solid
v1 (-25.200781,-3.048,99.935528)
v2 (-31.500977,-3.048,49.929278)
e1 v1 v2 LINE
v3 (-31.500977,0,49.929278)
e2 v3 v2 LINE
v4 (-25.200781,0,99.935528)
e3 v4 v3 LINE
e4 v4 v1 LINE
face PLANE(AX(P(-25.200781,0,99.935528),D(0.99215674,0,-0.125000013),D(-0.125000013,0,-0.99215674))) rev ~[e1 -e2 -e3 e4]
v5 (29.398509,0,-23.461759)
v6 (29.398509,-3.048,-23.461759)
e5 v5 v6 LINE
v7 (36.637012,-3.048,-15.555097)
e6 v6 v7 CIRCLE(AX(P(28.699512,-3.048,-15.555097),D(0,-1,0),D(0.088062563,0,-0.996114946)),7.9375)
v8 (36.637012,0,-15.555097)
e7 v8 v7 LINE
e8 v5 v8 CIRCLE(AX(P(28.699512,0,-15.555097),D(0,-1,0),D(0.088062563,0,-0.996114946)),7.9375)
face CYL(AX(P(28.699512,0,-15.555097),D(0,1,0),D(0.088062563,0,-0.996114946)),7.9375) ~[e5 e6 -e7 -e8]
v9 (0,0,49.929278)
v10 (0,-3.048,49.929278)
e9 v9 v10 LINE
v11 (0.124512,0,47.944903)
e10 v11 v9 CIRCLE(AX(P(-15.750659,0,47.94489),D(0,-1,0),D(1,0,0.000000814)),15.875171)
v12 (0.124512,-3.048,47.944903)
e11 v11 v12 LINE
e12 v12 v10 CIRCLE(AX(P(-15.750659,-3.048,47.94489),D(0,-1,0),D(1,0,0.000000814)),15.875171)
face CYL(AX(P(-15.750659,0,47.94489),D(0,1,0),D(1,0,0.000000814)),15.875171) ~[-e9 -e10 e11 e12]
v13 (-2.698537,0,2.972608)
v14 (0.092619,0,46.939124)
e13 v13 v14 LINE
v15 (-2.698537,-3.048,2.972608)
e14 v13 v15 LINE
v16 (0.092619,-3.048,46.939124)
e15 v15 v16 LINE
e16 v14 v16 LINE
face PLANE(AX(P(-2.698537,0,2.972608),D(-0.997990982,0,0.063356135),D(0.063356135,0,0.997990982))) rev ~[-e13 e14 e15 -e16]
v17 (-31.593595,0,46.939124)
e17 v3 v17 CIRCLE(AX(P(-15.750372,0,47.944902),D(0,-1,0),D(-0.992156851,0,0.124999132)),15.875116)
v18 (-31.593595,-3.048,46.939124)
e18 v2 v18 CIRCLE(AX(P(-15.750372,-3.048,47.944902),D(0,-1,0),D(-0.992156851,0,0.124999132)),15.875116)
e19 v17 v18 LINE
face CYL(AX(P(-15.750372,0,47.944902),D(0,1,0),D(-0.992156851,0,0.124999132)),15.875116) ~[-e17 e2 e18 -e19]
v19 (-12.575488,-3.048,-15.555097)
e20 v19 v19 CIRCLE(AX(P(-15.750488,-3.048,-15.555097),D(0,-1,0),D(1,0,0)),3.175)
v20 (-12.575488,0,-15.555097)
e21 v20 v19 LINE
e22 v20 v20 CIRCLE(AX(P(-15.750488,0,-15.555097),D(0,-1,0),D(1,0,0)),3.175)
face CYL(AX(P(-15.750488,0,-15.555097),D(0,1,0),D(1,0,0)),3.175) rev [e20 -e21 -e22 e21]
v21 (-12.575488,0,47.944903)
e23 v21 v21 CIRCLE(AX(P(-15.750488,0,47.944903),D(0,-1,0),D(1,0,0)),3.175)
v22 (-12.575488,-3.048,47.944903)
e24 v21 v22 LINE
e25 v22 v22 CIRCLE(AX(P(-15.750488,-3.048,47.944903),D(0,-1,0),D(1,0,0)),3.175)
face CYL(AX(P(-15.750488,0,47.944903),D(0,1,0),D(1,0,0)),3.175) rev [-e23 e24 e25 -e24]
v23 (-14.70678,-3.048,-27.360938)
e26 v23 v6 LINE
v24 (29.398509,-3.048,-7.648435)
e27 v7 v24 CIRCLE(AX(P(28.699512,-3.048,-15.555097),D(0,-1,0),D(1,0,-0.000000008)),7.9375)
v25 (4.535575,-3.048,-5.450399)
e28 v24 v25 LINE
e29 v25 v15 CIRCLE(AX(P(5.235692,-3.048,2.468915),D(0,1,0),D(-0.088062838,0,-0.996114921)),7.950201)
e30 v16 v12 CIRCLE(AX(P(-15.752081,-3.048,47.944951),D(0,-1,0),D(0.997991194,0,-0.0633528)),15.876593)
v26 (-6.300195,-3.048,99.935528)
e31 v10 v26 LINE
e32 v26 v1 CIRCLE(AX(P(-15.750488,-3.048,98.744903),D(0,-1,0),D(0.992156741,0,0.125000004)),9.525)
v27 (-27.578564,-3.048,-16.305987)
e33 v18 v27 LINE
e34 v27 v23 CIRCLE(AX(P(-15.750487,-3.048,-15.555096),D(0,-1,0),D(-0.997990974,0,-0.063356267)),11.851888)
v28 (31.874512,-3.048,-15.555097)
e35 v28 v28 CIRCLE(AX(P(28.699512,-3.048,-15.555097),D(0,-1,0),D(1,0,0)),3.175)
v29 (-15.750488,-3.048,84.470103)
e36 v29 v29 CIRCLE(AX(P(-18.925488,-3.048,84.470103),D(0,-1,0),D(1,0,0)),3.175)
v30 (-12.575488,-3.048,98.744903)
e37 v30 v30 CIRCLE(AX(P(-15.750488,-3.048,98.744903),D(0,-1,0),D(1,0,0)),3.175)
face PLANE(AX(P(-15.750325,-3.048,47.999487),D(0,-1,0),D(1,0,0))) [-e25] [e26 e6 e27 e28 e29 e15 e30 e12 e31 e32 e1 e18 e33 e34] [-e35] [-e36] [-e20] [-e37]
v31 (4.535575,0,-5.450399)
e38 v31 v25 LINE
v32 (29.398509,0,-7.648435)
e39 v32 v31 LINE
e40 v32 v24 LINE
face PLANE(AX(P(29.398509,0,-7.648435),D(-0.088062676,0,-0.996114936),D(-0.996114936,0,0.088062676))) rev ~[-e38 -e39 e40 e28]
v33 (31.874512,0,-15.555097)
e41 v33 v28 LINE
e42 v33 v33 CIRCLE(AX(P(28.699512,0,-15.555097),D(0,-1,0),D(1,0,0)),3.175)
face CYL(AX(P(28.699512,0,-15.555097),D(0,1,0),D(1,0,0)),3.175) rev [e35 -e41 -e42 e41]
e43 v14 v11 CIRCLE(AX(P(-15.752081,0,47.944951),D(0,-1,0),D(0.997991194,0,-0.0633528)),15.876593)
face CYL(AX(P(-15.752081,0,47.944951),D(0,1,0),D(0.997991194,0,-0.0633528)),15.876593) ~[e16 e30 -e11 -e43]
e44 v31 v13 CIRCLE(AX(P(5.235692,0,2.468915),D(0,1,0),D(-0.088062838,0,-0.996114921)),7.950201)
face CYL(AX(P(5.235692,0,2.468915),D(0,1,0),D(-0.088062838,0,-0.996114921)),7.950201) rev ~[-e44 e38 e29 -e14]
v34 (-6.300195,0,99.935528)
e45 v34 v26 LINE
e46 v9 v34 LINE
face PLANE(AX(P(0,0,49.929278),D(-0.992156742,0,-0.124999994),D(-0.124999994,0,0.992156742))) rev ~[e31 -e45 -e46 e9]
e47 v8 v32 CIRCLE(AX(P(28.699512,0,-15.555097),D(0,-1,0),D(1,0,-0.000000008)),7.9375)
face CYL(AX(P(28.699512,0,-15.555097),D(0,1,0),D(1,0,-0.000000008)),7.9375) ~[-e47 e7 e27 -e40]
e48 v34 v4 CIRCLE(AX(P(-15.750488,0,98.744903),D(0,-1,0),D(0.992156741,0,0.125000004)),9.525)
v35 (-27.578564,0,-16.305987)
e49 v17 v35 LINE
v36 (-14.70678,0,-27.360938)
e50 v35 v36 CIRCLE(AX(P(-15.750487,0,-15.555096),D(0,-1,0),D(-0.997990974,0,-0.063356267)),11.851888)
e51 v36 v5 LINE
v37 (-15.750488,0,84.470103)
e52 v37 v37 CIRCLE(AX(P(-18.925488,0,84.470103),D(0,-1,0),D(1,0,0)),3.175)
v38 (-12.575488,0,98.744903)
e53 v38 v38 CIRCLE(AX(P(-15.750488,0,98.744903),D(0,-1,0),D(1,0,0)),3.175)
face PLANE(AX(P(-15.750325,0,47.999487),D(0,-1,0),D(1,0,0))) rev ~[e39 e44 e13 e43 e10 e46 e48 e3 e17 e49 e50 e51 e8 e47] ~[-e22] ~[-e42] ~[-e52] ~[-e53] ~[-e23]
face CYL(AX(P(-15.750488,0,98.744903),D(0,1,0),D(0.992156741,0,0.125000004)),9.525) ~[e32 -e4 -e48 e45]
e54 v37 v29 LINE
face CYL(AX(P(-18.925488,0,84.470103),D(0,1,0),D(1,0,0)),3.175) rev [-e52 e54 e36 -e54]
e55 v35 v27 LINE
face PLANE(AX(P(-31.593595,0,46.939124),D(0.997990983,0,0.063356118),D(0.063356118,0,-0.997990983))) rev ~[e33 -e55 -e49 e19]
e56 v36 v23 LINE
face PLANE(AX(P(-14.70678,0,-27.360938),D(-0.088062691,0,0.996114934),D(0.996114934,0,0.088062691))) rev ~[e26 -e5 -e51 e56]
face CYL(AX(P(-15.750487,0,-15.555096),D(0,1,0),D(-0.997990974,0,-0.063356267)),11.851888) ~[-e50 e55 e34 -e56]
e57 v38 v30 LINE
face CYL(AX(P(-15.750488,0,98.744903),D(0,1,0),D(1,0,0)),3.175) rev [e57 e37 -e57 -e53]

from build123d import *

# Parameters (mm, degrees)
F0_R     = 3.175
F1_DEPTH = 3.048


with BuildPart() as f1:
    # F0 (on Front) → F1 (new body)
    with BuildSketch(Plane.XZ):
        with BuildLine():
            ThreePointArc((0.124512, 47.944903), (0.093353, 48.939042), (0, 49.929278))
            ThreePointArc((0, 49.929278), (-15.750488, 63.819903), (-31.500977, 49.929278))
            ThreePointArc((-31.500977, 49.929278), (-31.617878, 48.436388), (-31.593595, 46.939124))
            ThreePointArc((-31.593595, 46.939124), (-15.750488, 32.069903), (0.092619, 46.939124))
            ThreePointArc((0.092619, 46.939124), (0.116536, 47.441761), (0.124512, 47.944903))
        make_face()
        with Locations((-15.750488, 47.944903)):
            Circle(F0_R, mode=Mode.SUBTRACT)
        with BuildLine():
            ThreePointArc((-6.300195, 99.935528), (-6.244183, 99.341386), (-6.225488, 98.744903))
            ThreePointArc((-6.225488, 98.744903), (-16.346972, 89.238598), (-25.200781, 99.935528))
            Line((-25.200781, 99.935528), (-31.500977, 49.929278))
            ThreePointArc((-31.500977, 49.929278), (-15.750488, 63.819903), (0, 49.929278))
            Line((0, 49.929278), (-6.300195, 99.935528))
        make_face()
        with Locations((-18.925488, 84.470103)):
            Circle(F0_R, mode=Mode.SUBTRACT)
        with BuildLine():
            ThreePointArc((-25.200781, 99.935528), (-16.346972, 89.238598), (-6.225488, 98.744903))
            ThreePointArc((-6.225488, 98.744903), (-6.244183, 99.341386), (-6.300195, 99.935528))
            ThreePointArc((-6.300195, 99.935528), (-15.750488, 108.269903), (-25.200781, 99.935528))
        make_face()
        with Locations((-15.750488, 98.744903)):
            Circle(F0_R, mode=Mode.SUBTRACT)
        with BuildLine():
            ThreePointArc((-3.898602, -15.555097), (-16.126122, -3.709165), (-27.578564, -16.305987))
            ThreePointArc((-27.578564, -16.305987), (-23.472446, -24.546124), (-14.70678, -27.360938))
            ThreePointArc((-14.70678, -27.360938), (-7.266757, -23.831178), (-3.922413, -16.305987))
            ThreePointArc((-3.922413, -16.305987), (-3.904557, -15.930731), (-3.898602, -15.555097))
        make_face()
        with Locations((-15.750488, -15.555097)):
            Circle(F0_R, mode=Mode.SUBTRACT)
        with BuildLine():
            ThreePointArc((0.092619, 46.939124), (-15.750488, 32.069903), (-31.593595, 46.939124))
            Line((-31.593595, 46.939124), (-27.578564, -16.305987))
            ThreePointArc((-27.578564, -16.305987), (-16.126122, -3.709165), (-3.898602, -15.555097))
            ThreePointArc((-3.898602, -15.555097), (-3.904557, -15.930731), (-3.922413, -16.305987))
            ThreePointArc((-3.922413, -16.305987), (-7.266757, -23.831178), (-14.70678, -27.360938))
            Line((-14.70678, -27.360938), (29.398509, -23.461759))
            ThreePointArc((29.398509, -23.461759), (20.762012, -15.555097), (29.398509, -7.648435))
            Line((29.398509, -7.648435), (4.535575, -5.450399))
            ThreePointArc((4.535575, -5.450399), (-0.795456, -2.710945), (-2.698537, 2.972608))
            Line((-2.698537, 2.972608), (0.092619, 46.939124))
        make_face()
        with BuildLine():
            ThreePointArc((29.398509, -7.648435), (20.762012, -15.555097), (29.398509, -23.461759))
            ThreePointArc((29.398509, -23.461759), (34.554091, -20.91493), (36.637012, -15.555097))
            ThreePointArc((36.637012, -15.555097), (34.554091, -10.195264), (29.398509, -7.648435))
        make_face()
        with Locations((28.699512, -15.555097)):
            Circle(F0_R, mode=Mode.SUBTRACT)
    extrude(amount=F1_DEPTH)


solid = f1.part
